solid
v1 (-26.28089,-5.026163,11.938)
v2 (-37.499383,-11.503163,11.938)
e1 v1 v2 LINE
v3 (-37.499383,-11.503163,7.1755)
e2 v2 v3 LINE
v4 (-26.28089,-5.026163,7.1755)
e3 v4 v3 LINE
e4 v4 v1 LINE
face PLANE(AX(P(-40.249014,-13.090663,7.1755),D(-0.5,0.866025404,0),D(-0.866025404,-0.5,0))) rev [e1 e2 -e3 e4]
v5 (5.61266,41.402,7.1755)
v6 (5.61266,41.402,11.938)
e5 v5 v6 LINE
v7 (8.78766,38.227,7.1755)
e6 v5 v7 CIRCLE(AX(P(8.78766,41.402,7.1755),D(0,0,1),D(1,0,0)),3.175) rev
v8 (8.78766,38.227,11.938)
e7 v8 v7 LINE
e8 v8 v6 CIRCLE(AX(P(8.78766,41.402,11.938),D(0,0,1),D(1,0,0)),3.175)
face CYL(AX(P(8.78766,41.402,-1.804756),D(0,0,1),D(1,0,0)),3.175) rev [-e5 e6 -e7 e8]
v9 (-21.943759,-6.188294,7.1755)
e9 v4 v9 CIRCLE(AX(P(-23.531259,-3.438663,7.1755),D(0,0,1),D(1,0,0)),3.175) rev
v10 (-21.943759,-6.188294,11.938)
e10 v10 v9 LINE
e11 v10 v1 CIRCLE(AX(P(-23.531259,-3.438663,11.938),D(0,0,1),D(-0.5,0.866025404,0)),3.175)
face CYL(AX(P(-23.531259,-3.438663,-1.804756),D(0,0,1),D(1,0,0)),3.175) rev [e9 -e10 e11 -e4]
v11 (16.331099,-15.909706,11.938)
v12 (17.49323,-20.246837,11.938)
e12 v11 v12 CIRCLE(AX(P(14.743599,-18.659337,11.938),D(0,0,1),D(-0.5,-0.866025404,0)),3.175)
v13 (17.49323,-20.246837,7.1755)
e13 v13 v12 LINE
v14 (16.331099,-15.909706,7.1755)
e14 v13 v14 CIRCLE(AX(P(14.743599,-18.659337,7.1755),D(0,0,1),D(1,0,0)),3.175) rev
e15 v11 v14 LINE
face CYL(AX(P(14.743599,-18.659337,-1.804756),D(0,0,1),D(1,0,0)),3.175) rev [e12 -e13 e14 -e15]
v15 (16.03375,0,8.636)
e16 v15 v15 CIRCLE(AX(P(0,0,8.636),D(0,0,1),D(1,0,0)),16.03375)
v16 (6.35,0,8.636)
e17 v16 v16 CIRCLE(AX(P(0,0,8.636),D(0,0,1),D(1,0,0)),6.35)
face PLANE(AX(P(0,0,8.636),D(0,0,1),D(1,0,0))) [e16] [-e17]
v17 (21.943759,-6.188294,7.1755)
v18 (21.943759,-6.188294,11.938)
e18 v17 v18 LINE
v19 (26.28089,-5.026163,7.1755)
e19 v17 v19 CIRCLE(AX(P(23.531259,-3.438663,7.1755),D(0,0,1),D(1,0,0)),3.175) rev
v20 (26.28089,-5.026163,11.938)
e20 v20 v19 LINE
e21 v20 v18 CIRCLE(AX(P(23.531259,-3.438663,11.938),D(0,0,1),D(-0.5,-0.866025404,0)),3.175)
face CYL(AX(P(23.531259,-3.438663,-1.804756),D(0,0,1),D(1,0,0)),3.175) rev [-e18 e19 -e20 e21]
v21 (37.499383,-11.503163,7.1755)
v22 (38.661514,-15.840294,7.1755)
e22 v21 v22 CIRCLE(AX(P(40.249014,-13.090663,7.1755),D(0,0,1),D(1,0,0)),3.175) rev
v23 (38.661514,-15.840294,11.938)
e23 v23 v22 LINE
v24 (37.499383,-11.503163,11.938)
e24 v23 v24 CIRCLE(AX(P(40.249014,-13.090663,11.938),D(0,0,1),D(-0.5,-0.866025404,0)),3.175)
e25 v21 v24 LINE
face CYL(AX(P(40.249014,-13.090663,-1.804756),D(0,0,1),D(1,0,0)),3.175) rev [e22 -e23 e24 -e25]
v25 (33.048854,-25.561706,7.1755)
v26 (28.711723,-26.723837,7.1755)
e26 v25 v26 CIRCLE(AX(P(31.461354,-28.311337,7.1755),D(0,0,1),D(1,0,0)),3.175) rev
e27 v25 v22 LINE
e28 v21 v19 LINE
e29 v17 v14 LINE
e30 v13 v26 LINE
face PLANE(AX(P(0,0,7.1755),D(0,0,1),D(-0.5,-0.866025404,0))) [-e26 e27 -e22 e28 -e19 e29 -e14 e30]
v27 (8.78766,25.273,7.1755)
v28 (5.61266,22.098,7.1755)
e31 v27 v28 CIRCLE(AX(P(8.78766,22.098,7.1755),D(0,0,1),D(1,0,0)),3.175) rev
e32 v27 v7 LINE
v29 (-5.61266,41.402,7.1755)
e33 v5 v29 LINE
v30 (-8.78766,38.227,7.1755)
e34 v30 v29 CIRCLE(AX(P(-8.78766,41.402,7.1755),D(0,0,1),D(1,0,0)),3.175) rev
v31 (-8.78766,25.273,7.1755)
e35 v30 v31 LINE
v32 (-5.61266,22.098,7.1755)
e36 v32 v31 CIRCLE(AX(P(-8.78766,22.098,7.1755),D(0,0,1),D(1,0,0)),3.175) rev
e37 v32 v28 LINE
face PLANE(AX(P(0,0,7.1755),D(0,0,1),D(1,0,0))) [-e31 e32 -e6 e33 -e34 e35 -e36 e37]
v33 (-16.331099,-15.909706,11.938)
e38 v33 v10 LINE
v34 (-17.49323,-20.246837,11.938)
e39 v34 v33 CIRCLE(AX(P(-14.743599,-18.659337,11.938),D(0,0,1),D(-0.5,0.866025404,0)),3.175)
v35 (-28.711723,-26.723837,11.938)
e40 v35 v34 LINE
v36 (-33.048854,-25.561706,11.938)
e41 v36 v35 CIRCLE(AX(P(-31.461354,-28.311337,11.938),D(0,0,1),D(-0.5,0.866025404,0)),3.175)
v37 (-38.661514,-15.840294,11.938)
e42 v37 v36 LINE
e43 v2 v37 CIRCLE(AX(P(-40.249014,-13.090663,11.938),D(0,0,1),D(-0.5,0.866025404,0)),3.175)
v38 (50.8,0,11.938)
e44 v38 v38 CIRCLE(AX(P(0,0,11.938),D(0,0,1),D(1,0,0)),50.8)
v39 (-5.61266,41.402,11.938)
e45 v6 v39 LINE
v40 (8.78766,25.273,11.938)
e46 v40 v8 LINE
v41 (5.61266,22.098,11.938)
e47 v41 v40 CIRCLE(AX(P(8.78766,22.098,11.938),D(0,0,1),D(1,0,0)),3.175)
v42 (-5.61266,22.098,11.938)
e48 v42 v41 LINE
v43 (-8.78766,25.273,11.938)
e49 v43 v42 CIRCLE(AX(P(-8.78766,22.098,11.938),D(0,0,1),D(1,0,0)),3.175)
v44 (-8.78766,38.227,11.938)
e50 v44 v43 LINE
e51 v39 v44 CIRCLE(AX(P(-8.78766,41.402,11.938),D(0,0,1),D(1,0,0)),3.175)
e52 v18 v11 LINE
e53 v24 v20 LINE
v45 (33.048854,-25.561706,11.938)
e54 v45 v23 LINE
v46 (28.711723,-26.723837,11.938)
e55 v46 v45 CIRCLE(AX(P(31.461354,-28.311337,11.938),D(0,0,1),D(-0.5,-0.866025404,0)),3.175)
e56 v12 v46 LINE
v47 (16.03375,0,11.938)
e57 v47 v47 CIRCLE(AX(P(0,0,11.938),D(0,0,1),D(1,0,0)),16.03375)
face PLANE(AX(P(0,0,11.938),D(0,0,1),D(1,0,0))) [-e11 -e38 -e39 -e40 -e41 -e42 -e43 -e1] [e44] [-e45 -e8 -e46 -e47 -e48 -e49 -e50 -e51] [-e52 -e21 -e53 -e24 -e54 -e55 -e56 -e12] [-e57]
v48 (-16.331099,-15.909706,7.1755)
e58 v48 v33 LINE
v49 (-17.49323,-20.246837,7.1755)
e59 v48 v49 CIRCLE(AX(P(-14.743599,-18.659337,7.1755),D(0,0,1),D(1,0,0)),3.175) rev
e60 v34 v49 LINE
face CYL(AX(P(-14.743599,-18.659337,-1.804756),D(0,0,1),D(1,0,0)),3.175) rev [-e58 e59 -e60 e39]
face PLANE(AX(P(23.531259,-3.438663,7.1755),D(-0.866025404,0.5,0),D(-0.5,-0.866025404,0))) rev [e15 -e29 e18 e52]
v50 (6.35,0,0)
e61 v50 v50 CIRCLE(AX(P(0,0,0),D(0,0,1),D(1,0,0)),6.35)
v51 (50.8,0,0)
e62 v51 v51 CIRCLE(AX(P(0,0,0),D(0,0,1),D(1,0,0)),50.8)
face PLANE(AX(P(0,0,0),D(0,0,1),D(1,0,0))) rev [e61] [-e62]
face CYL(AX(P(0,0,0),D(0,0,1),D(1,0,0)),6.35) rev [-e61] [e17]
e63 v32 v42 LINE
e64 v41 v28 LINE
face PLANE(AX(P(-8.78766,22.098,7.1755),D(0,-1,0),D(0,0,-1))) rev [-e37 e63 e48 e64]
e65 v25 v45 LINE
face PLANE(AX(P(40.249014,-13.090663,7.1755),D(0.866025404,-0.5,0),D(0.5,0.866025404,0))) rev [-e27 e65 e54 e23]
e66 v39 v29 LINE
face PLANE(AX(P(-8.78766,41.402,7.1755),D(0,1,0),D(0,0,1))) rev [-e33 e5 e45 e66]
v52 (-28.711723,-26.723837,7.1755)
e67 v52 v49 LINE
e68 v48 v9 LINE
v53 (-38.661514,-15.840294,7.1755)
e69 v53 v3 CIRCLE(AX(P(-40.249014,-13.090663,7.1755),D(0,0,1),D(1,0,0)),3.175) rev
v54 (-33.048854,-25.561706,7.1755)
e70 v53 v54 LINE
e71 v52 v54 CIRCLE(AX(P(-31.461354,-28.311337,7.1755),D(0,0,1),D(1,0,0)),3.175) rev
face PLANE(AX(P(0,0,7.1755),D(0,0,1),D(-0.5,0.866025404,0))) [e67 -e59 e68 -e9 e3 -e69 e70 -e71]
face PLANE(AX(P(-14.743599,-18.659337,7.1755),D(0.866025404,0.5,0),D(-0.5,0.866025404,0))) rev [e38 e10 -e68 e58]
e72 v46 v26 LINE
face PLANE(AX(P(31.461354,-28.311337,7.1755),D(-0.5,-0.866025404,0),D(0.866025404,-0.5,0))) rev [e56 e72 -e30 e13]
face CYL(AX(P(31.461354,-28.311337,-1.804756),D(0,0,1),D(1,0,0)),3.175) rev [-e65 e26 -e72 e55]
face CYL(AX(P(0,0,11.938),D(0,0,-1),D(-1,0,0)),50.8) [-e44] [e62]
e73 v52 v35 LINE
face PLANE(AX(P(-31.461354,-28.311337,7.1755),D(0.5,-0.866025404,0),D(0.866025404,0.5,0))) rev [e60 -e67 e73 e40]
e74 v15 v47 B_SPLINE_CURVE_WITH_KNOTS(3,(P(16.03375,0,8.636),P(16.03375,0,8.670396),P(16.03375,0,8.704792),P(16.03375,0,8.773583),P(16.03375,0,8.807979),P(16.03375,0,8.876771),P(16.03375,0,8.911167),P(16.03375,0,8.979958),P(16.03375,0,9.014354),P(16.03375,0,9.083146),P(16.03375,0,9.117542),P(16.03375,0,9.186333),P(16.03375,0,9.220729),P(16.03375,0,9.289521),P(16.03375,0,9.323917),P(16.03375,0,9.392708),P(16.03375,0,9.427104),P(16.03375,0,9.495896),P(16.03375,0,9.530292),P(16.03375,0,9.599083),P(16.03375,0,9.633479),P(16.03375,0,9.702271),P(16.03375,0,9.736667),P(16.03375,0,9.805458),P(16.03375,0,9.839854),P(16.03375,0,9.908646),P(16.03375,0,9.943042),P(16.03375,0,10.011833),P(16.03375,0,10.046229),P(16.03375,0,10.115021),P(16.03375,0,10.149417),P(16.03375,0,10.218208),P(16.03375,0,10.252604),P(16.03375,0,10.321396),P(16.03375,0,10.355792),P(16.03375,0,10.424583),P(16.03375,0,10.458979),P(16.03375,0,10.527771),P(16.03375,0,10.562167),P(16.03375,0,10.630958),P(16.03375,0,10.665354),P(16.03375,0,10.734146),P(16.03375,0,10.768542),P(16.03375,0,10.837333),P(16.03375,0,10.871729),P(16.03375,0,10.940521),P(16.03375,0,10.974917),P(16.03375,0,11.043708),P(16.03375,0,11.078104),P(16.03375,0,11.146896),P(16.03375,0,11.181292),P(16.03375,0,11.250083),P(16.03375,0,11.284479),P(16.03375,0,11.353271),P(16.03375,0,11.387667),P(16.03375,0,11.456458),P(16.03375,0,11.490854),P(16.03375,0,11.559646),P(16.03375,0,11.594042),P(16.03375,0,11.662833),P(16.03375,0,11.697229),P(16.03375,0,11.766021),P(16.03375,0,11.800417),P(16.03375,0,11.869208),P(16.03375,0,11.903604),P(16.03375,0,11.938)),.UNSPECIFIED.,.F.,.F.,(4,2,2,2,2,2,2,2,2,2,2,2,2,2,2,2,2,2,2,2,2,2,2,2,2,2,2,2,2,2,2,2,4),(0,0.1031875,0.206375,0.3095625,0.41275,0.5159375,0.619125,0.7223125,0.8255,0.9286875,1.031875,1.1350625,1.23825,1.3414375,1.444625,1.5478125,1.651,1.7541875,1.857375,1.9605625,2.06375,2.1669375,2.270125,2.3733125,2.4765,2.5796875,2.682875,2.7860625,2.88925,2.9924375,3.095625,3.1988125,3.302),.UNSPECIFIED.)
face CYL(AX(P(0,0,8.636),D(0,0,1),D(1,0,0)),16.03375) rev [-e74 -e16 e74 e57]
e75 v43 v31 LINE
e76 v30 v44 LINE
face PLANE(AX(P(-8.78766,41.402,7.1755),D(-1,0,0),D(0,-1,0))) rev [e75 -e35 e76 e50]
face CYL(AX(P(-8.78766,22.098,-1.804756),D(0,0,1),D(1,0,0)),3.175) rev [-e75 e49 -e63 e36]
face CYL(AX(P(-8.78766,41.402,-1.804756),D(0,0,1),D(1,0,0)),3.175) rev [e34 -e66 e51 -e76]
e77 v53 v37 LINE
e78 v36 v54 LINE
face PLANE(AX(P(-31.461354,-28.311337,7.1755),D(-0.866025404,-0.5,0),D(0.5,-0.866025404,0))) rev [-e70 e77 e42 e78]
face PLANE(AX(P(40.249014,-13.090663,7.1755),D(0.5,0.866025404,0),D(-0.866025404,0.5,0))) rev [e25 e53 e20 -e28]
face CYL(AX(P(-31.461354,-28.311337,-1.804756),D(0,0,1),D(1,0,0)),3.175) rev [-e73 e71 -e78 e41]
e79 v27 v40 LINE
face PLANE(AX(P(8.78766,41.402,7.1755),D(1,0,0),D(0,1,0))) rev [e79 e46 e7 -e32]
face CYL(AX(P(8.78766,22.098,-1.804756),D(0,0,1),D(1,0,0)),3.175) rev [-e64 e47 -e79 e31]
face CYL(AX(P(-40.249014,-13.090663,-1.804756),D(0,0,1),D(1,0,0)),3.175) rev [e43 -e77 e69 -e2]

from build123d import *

# Parameters (mm, degrees)
SKETCH1_R                = 50.8
BASEPLATE_DEPTH          = 11.938
SKETCH3_R                = 16.03375
MAGNET_INSET_DEPTH       = 3.302
SKETCH4_W                = 17.575320152
SKETCH4_H                = 19.304
DOWEL_SLOT_DEPTH         = 4.7625
SKETCH6_R                = 3.175
DOWEL_SLOT_RELIEFS_DEPTH = 4.7625
DOWEL_SLOT_PATTERN_COUNT = 3
SKETCH7_R                = 6.35
CENTRAL_HOLE_DEPTH       = 73.82716419


with BuildPart() as part:
    # Sketch1 → baseplate (new body)
    with BuildSketch(Plane.XY):
        Circle(SKETCH1_R)
    extrude(amount=BASEPLATE_DEPTH)

    # Sketch3 → magnet_inset (cut)
    with BuildSketch(Plane.XY.offset(11.938)):
        Circle(SKETCH3_R)
    extrude(amount=-MAGNET_INSET_DEPTH, mode=Mode.SUBTRACT)

    # Sketch4 → dowel_slot (cut)
    with BuildSketch(Plane.XY.offset(11.938)):
        with Locations((0, 31.75)):
            Rectangle(SKETCH4_W, SKETCH4_H)
    dowel_slot = extrude(amount=-DOWEL_SLOT_DEPTH, mode=Mode.SUBTRACT)

    # Sketch6 → dowel_slot_reliefs (cut)
    with BuildSketch(Plane.XY.offset(11.938)):
        with Locations((-8.787660076, 41.402)):
            Circle(SKETCH6_R)
        with Locations((8.787660076, 41.402)):
            Circle(SKETCH6_R)
        with Locations((8.787660076, 22.098)):
            Circle(SKETCH6_R)
        with Locations((-8.787660076, 22.098)):
            Circle(SKETCH6_R)
    dowel_slot_reliefs = extrude(amount=-DOWEL_SLOT_RELIEFS_DEPTH, mode=Mode.SUBTRACT)

    # dowel_slot_pattern: dowel_slot, dowel_slot_reliefs ×3 about axis
    dowel_slot_pattern_axis = Axis((0, 0, 0), (0, 0, 1))
    add([dowel_slot.rotate(dowel_slot_pattern_axis, i * 360 / DOWEL_SLOT_PATTERN_COUNT) for i in range(1, DOWEL_SLOT_PATTERN_COUNT)], mode=Mode.SUBTRACT)
    add([dowel_slot_reliefs.rotate(dowel_slot_pattern_axis, i * 360 / DOWEL_SLOT_PATTERN_COUNT) for i in range(1, DOWEL_SLOT_PATTERN_COUNT)], mode=Mode.SUBTRACT)

    # Sketch7 → central_hole (cut, through all)
    with BuildSketch(Plane.XY.offset(11.938)):
        Circle(SKETCH7_R)
    extrude(amount=-CENTRAL_HOLE_DEPTH, mode=Mode.SUBTRACT)


solid = part.part
